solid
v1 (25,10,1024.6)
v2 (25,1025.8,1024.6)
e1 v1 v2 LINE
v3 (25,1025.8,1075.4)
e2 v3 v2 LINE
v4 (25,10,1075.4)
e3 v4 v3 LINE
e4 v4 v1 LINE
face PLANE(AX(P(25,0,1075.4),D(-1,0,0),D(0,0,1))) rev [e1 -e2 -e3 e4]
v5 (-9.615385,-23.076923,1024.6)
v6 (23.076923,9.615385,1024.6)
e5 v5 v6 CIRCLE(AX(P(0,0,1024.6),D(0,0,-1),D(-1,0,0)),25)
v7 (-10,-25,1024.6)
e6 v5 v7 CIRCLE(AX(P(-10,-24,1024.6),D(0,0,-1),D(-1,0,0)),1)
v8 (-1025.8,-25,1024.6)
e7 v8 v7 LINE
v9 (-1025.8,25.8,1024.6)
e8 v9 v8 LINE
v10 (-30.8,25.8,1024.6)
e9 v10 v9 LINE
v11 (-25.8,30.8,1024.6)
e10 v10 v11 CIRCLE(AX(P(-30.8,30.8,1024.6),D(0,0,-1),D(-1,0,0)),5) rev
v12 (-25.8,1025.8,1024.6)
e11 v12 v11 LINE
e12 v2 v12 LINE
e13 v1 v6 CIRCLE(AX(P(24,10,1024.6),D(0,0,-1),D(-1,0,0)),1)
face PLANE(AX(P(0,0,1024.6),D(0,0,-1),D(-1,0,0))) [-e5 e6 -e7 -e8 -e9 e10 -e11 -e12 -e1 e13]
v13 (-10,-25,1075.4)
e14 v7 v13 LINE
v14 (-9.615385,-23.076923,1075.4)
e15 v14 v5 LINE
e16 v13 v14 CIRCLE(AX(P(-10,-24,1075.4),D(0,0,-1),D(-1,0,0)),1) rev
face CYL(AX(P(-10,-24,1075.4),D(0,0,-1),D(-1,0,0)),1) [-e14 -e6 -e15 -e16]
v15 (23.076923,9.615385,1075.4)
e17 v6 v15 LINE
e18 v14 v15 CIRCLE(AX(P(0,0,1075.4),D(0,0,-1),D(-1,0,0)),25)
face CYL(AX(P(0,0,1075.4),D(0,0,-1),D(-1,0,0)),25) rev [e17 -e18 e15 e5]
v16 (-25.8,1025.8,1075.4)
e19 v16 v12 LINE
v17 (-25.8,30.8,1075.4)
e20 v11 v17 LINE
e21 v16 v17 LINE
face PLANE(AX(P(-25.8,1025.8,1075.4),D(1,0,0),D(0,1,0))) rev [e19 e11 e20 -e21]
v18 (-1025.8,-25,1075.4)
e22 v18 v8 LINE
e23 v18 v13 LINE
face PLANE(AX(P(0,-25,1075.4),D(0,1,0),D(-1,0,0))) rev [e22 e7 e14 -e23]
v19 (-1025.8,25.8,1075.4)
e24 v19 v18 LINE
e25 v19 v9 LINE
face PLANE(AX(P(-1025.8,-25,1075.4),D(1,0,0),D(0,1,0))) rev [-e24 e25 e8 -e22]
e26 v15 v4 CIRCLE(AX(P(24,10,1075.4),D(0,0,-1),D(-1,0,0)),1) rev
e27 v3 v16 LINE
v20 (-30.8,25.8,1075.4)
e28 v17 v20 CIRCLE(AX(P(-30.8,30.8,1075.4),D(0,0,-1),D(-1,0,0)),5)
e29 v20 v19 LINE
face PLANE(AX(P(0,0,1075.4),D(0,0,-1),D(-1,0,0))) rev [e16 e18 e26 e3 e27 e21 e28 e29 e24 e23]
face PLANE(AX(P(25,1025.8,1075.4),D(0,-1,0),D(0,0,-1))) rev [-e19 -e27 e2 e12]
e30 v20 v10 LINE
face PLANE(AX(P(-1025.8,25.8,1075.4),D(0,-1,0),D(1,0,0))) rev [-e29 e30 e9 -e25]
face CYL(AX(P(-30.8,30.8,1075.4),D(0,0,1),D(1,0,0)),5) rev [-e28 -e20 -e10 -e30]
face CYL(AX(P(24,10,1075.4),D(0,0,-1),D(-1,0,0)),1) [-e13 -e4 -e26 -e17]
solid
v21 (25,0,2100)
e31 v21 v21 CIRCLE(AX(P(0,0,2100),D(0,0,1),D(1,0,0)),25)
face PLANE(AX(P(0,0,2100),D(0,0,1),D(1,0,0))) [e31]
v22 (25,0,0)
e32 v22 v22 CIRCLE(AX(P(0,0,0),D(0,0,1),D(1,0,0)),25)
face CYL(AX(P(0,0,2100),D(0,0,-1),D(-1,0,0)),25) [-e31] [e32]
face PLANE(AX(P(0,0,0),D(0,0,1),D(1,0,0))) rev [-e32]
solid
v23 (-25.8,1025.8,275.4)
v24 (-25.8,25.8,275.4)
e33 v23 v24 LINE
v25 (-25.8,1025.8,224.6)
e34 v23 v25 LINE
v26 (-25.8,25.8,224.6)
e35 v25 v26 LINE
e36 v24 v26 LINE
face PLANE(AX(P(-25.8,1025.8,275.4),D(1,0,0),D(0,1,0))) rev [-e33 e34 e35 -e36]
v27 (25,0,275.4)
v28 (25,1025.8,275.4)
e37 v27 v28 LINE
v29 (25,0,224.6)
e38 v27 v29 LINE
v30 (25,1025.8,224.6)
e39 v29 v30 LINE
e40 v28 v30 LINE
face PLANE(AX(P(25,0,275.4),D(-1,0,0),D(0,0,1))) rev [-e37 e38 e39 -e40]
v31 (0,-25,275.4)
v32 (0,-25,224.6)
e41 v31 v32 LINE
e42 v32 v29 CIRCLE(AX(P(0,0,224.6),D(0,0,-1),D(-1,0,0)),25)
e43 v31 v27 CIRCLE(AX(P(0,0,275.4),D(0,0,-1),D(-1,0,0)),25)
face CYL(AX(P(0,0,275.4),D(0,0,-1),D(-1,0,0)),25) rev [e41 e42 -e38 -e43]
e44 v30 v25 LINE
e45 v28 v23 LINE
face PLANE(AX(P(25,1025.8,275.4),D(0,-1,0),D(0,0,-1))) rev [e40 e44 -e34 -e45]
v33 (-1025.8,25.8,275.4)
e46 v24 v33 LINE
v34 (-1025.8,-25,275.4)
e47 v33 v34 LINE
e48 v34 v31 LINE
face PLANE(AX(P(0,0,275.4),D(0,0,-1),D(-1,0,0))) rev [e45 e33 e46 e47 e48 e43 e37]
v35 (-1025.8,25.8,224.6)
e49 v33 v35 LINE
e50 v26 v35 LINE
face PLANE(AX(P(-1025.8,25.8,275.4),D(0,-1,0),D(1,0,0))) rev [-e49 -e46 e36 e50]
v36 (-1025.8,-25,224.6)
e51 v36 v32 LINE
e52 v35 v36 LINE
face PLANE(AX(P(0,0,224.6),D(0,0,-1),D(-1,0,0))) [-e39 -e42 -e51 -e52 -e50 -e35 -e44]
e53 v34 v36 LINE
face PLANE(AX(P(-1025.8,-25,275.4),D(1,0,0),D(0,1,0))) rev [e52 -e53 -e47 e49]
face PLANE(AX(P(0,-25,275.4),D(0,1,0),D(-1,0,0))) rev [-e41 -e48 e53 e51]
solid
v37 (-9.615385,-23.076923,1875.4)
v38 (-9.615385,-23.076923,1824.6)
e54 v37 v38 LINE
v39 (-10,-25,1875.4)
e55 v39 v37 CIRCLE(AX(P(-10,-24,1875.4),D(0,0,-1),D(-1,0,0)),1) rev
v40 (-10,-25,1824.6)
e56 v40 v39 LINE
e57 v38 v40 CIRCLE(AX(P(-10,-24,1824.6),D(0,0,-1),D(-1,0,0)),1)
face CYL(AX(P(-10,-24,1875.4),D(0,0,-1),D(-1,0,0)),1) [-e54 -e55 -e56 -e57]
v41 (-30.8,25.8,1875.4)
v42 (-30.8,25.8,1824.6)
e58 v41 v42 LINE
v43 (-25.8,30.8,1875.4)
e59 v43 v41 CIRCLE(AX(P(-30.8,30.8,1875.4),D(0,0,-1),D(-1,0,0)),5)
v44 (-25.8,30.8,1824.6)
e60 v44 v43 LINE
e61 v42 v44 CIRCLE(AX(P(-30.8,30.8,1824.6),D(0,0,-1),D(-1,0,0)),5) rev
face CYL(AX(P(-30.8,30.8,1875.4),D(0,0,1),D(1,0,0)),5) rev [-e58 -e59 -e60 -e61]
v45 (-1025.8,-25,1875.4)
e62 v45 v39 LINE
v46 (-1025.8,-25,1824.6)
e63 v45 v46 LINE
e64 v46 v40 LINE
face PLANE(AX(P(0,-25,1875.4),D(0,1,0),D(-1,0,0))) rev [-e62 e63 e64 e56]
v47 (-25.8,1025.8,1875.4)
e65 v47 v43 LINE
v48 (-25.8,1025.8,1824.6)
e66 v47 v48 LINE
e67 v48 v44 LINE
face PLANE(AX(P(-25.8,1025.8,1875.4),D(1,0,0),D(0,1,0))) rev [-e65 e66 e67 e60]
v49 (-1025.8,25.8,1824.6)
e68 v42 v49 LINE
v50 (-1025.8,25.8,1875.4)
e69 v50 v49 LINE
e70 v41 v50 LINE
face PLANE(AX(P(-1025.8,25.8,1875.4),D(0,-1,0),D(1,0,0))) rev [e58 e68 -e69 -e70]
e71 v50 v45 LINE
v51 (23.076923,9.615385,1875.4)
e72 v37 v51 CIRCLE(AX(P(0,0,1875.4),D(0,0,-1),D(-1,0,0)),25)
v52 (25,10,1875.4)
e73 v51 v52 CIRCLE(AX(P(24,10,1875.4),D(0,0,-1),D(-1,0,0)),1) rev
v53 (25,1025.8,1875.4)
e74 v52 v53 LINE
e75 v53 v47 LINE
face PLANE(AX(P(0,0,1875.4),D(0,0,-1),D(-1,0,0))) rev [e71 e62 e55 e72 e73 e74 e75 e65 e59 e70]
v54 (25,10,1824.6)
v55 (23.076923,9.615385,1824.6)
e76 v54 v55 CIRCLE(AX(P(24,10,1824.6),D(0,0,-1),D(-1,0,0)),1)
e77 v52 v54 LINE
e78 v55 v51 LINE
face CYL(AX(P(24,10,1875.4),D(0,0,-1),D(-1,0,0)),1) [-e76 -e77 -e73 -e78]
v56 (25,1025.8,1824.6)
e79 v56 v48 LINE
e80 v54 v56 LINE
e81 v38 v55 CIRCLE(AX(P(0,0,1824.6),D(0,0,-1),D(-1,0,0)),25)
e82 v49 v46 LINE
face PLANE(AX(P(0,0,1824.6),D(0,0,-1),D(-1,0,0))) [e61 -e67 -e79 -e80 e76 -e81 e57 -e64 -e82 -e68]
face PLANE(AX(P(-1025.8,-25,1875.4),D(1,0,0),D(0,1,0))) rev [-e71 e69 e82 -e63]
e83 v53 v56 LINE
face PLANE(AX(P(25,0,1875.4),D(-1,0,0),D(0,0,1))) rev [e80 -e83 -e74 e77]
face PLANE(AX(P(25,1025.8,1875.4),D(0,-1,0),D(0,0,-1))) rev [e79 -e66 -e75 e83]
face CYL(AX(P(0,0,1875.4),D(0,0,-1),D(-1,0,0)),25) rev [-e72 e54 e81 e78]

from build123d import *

# Parameters (mm, degrees)
SKETCH_1_R             = 25
EXTRUDE_1_DEPTH        = 2100
EXTRUDE_2_DEPTH        = 25.4
FILLET_8_R             = 1
FILLET_9_R             = 5
PATTERN_LINEAR_4_COUNT = 3
PATTERN_LINEAR_4_PITCH = 800
FILLET_10_R            = 1
FILLET_11_R            = 5


with BuildPart() as part:
    # 草图1 → 凸台-拉伸1 (new body)
    with BuildSketch(Plane.XY):
        Circle(SKETCH_1_R)
    extrude(amount=EXTRUDE_1_DEPTH)


with BuildPart() as body_2:
    # 草图2 → 凸台-拉伸2 (new, symmetric)
    with BuildSketch(Plane.XY.offset(1850)):
        with BuildLine():
            Line((24.999999999999982, 1.73e-15), (24.999999999999982, 1025.8))
            Line((24.999999999999982, 1025.8), (-25.80000000000002, 1025.8))
            Line((-25.80000000000002, 1025.8), (-25.799999999999898, 25.800000000000157))
            Line((-25.799999999999898, 25.800000000000157), (-1025.8, 25.79999999999627))
            Line((-1025.8, 25.79999999999627), (-1025.7999999999997, -25.000000000003688))
            Line((-1025.7999999999997, -25.000000000003688), (9.021e-14, -24.999999999999982))
            ThreePointArc((9.021e-14, -24.999999999999982), (-17.67766952966371, 17.67766952966364), (24.999999999999982, 1.73e-15))
        make_face()
    extrude_2 = extrude(amount=EXTRUDE_2_DEPTH, both=True)

    # 圆角8
    fillet_8_edges = [body_2.edges().sort_by_distance(p)[0] for p in [
        (9.021e-14, -24.999999999999982, 1850),
        (24.999999999999986, 2.86e-15, 1850),
    ]]
    fillet(fillet_8_edges, radius=FILLET_8_R)

    # 圆角9
    fillet_9_edges = [body_2.edges().sort_by_distance(p)[0] for p in [
        (-25.799999999999898, 25.800000000000157, 1850),
    ]]
    fillet(fillet_9_edges, radius=FILLET_9_R)


with BuildPart() as pattern_linear_4_1:
    # 阵列(线性)4: 凸台-拉伸2 ×3
    with Locations(*[(0, 0, -i * PATTERN_LINEAR_4_PITCH) for i in range(1, PATTERN_LINEAR_4_COUNT)]):
        add(extrude_2)

    # 圆角10
    fillet_10_edges = [pattern_linear_4_1.edges().sort_by_distance(p)[0] for p in [
        (9.021e-14, -24.999999999999982, 1050),
        (24.999999999999986, 2.86e-15, 1050),
    ]]
    fillet(fillet_10_edges, radius=FILLET_10_R)

    # 圆角11
    fillet_11_edges = [pattern_linear_4_1.edges().sort_by_distance(p)[0] for p in [
        (-25.799999999999898, 25.800000000000157, 1050),
    ]]
    fillet(fillet_11_edges, radius=FILLET_11_R)


solid = Compound([part.part, body_2.part, pattern_linear_4_1.part])
